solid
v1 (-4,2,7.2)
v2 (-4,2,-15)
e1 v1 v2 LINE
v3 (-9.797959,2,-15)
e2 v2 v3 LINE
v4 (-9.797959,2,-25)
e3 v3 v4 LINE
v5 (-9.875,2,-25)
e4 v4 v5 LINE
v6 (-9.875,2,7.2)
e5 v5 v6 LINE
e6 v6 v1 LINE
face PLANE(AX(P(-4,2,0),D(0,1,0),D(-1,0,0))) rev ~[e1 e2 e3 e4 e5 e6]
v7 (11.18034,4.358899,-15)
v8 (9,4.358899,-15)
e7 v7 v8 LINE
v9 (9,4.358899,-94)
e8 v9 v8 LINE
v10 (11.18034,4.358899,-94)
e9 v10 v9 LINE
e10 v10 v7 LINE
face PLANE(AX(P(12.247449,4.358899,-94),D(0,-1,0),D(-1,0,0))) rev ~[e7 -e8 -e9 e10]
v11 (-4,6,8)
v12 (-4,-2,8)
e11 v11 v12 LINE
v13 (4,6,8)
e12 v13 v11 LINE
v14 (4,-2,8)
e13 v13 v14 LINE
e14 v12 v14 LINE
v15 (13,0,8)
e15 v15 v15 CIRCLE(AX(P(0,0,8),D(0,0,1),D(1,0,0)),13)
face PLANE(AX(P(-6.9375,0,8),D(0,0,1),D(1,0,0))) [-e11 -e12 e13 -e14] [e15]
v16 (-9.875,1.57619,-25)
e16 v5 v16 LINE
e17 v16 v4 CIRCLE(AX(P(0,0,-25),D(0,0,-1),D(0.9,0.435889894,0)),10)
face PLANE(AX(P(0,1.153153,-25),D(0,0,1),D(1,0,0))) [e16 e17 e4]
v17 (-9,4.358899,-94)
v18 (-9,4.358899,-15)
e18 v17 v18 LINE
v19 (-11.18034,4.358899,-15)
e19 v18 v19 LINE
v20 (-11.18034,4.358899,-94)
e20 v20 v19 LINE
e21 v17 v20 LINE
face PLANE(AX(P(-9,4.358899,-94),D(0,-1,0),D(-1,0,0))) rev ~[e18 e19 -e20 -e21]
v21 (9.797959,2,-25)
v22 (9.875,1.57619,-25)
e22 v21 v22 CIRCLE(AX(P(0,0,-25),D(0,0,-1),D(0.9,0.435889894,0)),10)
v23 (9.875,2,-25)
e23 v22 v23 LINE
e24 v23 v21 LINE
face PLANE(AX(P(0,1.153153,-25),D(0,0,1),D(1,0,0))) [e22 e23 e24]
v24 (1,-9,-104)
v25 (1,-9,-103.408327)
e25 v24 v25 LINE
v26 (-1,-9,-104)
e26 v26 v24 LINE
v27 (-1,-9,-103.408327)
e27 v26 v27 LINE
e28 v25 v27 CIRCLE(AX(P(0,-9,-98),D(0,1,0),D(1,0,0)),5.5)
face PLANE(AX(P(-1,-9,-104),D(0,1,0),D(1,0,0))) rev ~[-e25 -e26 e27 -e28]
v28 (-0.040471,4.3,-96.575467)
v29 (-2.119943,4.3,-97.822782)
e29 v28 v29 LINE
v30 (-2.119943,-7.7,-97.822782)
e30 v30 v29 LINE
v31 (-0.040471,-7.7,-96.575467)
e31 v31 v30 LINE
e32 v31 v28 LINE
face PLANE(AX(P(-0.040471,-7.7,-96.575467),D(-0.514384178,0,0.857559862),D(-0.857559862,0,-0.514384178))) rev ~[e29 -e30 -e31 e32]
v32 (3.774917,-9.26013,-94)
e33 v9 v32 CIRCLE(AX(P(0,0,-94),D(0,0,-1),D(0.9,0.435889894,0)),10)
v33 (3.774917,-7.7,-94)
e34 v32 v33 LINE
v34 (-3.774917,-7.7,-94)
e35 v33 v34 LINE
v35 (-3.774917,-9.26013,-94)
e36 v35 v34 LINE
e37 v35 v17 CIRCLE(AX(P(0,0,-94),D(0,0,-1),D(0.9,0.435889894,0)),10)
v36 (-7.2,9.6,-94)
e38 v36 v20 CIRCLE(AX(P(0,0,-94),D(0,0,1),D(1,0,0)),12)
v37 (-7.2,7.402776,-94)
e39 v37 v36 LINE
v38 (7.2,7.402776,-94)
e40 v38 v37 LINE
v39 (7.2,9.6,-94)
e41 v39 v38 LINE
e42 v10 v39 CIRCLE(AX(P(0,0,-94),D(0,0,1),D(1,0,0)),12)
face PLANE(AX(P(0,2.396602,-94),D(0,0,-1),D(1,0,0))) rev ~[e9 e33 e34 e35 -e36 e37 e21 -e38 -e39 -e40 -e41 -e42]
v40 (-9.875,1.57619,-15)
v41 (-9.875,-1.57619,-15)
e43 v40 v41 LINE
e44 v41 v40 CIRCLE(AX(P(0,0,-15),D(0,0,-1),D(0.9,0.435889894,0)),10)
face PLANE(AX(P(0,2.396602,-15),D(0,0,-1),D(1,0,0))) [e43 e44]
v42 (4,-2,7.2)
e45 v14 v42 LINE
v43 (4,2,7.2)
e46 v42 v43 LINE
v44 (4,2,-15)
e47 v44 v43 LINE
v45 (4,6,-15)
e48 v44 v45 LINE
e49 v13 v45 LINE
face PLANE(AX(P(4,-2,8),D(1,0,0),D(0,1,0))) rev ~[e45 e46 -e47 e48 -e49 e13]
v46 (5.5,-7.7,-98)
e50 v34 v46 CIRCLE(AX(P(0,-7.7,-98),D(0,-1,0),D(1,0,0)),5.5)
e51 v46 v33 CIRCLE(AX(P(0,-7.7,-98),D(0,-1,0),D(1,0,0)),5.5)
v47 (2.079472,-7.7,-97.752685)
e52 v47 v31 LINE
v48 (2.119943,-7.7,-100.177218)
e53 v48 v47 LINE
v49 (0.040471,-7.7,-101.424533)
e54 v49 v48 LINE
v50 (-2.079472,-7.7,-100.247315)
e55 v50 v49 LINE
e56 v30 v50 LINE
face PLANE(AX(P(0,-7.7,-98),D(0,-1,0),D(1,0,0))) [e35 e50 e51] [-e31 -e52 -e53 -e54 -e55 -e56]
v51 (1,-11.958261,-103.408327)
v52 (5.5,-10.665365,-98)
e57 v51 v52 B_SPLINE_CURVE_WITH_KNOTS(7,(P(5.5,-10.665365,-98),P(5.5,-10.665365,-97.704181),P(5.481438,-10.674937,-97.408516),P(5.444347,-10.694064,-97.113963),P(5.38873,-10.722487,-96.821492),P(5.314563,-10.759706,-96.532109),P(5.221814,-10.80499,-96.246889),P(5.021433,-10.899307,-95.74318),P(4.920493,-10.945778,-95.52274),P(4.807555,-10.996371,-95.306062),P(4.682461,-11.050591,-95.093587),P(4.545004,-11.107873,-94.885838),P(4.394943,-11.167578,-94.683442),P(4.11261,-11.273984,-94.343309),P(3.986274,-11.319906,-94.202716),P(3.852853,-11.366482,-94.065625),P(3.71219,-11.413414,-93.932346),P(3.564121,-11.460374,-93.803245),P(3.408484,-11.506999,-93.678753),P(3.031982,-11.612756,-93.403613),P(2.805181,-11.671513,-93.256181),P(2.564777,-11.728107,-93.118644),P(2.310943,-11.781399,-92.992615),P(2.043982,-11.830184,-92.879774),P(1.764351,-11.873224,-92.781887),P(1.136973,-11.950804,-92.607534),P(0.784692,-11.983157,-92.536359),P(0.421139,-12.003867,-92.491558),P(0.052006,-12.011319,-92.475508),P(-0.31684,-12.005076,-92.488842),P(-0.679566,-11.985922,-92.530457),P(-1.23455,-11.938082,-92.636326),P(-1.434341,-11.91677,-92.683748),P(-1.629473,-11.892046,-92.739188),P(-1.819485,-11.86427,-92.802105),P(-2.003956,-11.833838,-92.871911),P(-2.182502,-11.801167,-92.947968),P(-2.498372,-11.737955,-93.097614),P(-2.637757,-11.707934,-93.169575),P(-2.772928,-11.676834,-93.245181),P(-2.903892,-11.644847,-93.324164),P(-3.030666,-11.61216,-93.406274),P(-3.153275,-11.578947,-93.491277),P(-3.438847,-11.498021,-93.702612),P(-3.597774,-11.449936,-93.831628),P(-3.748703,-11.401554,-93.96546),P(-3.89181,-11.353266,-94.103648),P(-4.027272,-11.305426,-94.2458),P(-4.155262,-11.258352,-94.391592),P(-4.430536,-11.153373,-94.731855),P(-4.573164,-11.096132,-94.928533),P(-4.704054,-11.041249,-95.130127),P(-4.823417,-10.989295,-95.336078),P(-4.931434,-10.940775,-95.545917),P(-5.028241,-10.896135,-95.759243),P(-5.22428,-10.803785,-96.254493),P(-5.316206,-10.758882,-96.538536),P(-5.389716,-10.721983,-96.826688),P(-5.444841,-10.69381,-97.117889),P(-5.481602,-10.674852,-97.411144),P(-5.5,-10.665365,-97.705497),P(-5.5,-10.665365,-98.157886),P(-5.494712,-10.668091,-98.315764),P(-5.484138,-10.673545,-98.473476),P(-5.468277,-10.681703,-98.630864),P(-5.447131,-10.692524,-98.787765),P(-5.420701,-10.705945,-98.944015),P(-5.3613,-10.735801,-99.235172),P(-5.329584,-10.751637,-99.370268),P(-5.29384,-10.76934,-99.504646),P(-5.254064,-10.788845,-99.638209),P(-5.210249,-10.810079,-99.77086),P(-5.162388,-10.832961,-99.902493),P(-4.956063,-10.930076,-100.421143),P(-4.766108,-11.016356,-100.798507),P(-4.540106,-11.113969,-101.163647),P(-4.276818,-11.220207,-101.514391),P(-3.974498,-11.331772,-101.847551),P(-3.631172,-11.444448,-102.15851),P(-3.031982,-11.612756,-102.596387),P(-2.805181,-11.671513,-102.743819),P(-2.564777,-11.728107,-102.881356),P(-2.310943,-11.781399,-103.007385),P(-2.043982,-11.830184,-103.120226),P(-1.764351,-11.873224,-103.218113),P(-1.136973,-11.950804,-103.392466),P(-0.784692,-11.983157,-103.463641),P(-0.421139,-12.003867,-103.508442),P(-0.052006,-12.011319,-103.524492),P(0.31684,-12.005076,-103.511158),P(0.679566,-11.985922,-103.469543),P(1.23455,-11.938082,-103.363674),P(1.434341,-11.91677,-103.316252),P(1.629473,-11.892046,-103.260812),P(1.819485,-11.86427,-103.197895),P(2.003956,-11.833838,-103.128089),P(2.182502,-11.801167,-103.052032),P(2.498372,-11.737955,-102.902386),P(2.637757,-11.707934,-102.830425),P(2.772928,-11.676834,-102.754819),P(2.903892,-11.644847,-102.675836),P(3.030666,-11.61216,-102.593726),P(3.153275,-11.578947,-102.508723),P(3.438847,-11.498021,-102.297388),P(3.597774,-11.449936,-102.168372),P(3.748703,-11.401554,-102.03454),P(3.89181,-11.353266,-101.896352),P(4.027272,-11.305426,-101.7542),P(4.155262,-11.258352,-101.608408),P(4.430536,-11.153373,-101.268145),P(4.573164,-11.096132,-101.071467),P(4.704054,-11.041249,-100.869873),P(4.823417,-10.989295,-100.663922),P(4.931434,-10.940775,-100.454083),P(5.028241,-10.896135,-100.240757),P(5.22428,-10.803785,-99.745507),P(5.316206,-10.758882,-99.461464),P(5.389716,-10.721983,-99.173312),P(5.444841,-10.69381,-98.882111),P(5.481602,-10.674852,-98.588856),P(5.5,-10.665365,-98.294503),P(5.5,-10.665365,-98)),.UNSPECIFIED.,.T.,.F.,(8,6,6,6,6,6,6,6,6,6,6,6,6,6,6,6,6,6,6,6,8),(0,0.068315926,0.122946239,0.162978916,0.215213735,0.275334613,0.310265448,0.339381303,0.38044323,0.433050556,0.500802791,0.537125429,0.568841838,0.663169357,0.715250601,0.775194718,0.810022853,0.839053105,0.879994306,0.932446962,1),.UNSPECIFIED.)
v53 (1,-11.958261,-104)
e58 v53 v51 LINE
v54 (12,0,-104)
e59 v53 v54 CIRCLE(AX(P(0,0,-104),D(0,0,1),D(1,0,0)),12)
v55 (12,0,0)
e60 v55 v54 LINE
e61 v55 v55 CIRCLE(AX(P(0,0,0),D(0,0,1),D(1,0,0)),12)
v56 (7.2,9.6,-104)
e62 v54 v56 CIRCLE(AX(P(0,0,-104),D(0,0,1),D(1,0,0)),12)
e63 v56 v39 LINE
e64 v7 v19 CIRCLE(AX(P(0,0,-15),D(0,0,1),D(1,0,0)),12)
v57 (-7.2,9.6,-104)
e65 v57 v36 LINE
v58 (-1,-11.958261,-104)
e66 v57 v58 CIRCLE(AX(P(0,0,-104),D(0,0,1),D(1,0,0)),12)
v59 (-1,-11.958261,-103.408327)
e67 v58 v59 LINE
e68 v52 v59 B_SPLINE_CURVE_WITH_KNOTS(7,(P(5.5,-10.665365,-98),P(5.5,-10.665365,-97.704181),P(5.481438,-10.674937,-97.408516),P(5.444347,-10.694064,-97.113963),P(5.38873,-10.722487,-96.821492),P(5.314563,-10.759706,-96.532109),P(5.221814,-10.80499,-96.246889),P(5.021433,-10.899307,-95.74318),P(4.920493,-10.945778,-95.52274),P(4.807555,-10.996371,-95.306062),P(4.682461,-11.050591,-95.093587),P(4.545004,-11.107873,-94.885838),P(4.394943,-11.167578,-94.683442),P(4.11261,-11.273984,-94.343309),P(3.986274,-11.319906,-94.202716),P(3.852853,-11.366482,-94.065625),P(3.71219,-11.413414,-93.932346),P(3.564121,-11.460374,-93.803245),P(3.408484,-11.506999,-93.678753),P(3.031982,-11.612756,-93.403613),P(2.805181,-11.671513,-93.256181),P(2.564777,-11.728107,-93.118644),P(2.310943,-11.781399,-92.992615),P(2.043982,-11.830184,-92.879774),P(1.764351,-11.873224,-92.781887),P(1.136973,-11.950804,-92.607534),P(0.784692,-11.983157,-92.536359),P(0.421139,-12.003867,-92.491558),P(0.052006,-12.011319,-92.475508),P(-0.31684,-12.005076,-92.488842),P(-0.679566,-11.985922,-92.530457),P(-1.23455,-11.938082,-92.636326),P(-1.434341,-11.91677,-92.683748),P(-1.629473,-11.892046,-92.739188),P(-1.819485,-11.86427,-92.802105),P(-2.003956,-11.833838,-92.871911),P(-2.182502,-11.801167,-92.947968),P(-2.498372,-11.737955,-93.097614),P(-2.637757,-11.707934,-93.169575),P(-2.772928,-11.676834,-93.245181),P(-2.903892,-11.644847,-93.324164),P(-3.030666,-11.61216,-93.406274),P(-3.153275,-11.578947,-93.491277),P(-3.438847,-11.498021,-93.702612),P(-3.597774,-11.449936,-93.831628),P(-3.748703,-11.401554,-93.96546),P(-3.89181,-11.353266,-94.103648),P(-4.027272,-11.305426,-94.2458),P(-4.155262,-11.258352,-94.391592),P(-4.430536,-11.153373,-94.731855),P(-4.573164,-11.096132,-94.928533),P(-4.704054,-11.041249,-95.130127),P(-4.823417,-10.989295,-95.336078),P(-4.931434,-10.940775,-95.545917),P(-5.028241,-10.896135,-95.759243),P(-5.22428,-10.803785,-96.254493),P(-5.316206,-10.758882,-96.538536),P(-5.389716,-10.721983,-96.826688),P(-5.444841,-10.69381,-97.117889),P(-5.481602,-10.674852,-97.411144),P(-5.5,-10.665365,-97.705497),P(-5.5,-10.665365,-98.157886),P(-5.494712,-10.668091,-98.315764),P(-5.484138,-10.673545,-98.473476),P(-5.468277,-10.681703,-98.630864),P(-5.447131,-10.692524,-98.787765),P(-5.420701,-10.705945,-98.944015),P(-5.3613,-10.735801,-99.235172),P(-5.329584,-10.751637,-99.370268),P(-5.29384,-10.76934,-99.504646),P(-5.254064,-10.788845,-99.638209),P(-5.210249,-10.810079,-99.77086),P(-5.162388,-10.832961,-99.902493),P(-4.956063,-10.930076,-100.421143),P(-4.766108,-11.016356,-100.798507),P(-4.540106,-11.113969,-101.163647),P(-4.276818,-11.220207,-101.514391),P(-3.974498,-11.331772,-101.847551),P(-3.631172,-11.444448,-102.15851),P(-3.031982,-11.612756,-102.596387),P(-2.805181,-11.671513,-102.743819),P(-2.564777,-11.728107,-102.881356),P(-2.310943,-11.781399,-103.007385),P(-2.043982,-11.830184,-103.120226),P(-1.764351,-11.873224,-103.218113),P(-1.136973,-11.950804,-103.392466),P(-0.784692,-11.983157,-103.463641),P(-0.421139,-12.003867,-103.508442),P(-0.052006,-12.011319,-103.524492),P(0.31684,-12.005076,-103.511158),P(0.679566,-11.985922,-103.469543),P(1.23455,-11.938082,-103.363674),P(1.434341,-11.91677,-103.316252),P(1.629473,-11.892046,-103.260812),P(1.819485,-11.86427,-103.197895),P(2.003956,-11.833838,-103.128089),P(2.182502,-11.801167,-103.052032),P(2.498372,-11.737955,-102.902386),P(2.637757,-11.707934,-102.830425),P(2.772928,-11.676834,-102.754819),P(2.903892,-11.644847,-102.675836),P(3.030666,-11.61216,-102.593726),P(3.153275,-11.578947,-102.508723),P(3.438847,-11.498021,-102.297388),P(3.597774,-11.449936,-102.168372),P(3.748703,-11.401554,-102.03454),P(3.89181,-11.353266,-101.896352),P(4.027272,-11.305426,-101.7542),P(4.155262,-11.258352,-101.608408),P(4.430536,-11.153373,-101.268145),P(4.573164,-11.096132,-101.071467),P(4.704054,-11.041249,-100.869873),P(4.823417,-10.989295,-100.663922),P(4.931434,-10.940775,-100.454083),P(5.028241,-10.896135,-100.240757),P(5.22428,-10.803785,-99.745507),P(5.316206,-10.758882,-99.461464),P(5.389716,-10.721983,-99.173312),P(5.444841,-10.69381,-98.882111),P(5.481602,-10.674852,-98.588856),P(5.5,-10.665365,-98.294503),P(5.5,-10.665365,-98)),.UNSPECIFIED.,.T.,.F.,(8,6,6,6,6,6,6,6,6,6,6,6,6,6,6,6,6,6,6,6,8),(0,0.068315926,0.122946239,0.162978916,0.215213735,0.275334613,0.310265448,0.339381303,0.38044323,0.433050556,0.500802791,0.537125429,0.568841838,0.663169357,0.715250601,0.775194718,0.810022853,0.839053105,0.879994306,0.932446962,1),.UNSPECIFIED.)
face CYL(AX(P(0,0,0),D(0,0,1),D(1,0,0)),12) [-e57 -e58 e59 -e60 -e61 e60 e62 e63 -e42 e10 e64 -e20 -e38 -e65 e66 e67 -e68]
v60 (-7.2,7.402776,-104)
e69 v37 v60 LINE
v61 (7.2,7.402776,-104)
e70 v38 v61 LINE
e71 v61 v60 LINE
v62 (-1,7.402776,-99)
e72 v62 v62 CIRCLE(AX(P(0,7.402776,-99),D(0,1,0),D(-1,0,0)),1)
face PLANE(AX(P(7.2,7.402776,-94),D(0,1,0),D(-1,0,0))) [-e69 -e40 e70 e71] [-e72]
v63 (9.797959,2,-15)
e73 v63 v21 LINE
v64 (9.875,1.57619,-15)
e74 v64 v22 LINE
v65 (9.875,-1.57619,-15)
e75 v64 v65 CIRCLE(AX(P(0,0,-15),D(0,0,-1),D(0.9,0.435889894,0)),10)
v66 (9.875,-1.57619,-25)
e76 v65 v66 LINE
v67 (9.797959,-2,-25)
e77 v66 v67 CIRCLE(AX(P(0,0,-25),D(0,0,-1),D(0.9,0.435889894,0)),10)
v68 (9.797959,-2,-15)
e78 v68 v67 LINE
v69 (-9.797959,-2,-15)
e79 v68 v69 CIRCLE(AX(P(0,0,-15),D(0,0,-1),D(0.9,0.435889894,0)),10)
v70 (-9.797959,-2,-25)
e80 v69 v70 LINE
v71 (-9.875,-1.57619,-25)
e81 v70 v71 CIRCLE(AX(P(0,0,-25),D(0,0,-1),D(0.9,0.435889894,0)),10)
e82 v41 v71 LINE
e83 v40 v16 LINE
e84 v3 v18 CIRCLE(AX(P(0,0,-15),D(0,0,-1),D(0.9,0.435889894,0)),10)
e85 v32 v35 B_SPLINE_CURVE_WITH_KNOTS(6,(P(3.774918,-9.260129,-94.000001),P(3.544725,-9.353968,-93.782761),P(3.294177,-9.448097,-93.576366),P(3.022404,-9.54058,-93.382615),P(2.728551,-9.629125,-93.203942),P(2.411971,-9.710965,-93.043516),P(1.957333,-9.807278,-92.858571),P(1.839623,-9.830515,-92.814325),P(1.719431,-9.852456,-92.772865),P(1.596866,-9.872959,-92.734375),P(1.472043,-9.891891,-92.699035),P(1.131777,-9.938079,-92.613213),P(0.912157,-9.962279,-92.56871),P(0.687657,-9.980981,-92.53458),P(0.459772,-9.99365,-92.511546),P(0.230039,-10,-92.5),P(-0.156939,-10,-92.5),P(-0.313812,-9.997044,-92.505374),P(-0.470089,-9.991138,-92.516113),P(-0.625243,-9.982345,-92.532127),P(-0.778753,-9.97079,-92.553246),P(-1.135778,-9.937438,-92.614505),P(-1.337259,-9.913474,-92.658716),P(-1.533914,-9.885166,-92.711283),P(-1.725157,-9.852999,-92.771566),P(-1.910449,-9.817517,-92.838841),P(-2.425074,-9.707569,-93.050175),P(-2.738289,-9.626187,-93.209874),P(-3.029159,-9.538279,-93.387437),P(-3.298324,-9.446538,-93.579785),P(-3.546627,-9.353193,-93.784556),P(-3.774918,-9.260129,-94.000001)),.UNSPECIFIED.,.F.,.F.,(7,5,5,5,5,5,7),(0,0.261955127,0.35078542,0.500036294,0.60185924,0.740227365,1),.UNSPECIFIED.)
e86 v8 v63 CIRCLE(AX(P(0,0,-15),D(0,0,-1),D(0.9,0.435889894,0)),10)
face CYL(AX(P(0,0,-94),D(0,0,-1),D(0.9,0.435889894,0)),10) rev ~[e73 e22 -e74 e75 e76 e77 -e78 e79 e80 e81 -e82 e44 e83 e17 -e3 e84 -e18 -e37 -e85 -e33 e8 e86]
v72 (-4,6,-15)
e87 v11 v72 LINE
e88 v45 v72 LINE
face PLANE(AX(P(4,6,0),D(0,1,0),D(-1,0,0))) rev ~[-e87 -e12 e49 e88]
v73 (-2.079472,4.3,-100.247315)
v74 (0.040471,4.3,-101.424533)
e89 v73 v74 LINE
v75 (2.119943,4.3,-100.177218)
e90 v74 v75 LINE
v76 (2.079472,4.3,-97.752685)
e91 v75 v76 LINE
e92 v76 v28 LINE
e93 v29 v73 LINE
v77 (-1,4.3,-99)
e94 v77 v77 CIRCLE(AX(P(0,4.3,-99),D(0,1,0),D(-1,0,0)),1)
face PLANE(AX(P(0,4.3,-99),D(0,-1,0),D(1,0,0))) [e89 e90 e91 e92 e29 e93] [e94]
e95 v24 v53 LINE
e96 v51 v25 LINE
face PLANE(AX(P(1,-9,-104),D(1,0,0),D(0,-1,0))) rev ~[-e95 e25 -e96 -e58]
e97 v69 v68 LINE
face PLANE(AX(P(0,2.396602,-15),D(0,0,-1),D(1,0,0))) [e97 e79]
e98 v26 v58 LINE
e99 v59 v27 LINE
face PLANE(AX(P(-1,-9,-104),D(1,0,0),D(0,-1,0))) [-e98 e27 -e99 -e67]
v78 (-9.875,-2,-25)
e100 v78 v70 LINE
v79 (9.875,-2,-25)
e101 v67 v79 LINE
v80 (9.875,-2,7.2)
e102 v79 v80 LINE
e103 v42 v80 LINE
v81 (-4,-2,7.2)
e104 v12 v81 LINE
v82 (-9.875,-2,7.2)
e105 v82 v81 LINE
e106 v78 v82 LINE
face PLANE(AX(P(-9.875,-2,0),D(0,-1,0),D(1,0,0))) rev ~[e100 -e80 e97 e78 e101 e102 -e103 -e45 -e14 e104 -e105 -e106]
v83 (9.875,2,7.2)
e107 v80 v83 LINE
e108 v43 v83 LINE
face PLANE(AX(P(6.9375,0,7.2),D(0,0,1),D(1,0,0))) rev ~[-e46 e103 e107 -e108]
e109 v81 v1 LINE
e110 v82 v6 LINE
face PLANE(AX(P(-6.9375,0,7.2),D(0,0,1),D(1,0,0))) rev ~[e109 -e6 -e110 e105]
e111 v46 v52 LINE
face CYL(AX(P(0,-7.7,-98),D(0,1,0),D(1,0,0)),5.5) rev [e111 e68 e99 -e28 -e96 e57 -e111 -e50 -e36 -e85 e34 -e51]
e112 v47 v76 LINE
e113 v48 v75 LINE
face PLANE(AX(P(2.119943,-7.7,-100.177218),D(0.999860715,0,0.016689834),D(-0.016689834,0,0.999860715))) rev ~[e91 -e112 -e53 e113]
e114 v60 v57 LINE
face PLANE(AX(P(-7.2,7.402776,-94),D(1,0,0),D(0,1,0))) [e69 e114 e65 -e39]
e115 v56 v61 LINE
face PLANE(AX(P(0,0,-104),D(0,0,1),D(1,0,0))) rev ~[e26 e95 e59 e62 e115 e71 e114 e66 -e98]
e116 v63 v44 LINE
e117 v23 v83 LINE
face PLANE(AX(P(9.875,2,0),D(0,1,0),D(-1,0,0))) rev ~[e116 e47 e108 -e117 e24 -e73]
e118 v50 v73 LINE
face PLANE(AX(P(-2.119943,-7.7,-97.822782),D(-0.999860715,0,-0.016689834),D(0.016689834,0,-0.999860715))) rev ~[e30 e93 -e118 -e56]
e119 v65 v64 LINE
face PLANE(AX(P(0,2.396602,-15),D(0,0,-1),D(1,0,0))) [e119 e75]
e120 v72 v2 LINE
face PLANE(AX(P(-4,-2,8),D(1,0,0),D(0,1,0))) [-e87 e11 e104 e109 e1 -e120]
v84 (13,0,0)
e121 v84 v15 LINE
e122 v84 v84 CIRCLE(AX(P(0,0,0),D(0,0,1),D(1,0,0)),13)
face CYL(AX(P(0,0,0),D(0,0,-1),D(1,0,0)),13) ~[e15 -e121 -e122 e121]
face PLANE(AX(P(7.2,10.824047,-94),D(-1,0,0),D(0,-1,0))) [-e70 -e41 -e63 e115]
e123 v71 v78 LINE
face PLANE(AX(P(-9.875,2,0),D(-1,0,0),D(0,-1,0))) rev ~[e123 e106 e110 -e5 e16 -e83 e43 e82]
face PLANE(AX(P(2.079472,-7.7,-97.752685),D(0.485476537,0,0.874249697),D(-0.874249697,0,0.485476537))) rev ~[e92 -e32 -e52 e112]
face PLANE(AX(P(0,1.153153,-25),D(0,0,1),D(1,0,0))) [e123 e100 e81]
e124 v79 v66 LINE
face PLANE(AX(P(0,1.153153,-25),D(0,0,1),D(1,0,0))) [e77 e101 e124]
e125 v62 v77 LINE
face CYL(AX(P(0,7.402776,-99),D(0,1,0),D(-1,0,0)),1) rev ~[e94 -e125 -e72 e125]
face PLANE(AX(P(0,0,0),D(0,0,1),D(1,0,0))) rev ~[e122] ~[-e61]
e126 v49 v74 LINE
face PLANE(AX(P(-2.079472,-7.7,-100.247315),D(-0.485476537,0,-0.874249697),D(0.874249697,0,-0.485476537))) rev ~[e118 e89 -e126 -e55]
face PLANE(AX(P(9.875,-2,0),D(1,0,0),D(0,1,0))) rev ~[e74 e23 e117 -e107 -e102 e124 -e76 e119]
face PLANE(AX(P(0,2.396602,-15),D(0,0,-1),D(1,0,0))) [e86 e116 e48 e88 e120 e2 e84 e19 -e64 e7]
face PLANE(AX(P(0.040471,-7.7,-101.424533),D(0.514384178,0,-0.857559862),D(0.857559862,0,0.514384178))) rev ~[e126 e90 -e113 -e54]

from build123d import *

# Parameters (mm, degrees)
F0_R      = 12
F1_DEPTH  = 104
F2_R      = 13
F3_DEPTH  = 8
F5_DEPTH  = 25
F8_DEPTH  = 79
F10_DEPTH = 10.001
F11_W     = 2
F11_H     = 5
F12_DEPTH = 6
F14_R     = 5.5
F15_DEPTH = 5.301
F16_W     = 5.875
F16_H     = 4
F17_DEPTH = 0.8
F18_R     = 1
F19_DEPTH = 20.4037756377
F21_DEPTH = 12


with BuildPart() as f1:
    # F0 (on Top) → F1 (new body)
    with BuildSketch(Plane.XY):
        Circle(F0_R)
    extrude(amount=-F1_DEPTH)

    # F2 (on face) → F3 (join)
    with BuildSketch(Plane.XY):
        Circle(F2_R)
    extrude(amount=F3_DEPTH)

    # F4 (on Top) → F5 (cut, symmetric)
    with BuildSketch(Plane.XY):
        Polygon((-4, 2), (-9.875, 2), (-9.875, -2), (9.875, -2), (9.875, 2), (4, 2), (4, 6), (-4, 6), align=None)
    extrude(amount=F5_DEPTH, both=True, mode=Mode.SUBTRACT)

    # F7 (on offset) → F8 (cut)
    with BuildSketch(Plane(origin=(0, 0, -94), x_dir=(1, 0, 0), z_dir=(0, 0, -1))):
        with BuildLine():
            Line((12.2474487139, -4.3588989435), (9, -4.3588989435))
            ThreePointArc((9, -4.3588989435), (0, 10), (-9, -4.3588989435))
            Line((-9, -4.3588989435), (-12.2474487139, -4.3588989435))
            ThreePointArc((-12.2474487139, -4.3588989435), (0, -13), (12.2474487139, -4.3588989435))
        make_face()
    extrude(amount=-F8_DEPTH, mode=Mode.SUBTRACT)

    # F9 (on offset) → F10 (cut, through all)
    with BuildSketch(Plane(origin=(0, 0, -94), x_dir=(1, 0, 0), z_dir=(0, 0, -1))):
        with BuildLine():
            Line((7.2, -7.4027756377), (-7.2, -7.4027756377))
            Line((-7.2, -7.4027756377), (-7.2, -10.8240473022))
            ThreePointArc((-7.2, -10.8240473022), (0, -13), (7.2, -10.8240473022))
            Line((7.2, -10.8240473022), (7.2, -7.4027756377))
        make_face()
    extrude(amount=F10_DEPTH, mode=Mode.SUBTRACT)

    # F11 (on face) → F12 (cut)
    with BuildSketch(Plane(origin=(0, 0, -104), x_dir=(1, 0, 0), z_dir=(0, 0, -1))):
        with Locations((0, 11.5)):
            Rectangle(F11_W, F11_H)
    extrude(amount=-F12_DEPTH, mode=Mode.SUBTRACT)

    # F14 (on offset) → F15 (cut, through all)
    with BuildSketch(Plane.XZ.offset(7.7)):
        with Locations((0, -98)):
            Circle(F14_R)
    extrude(amount=F15_DEPTH, mode=Mode.SUBTRACT)

    # F16 (on face) → F17 (join)
    with BuildSketch(Plane.XY.offset(8)):
        with Locations((-6.9375, 0)):
            Rectangle(F16_W, F16_H)
        with Locations((6.9375, 0)):
            Rectangle(F16_W, F16_H)
    extrude(amount=-F17_DEPTH)

    # F18 (on face) → F19 (cut, through all)
    with BuildSketch(Plane(origin=(0, 7.4027756377, 0), x_dir=(-1, 0, 0), z_dir=(0, 1, 0))):
        with Locations((0, -99)):
            Circle(F18_R)
    extrude(amount=-F19_DEPTH, mode=Mode.SUBTRACT)

    # F20 (on face) → F21 (cut)
    with BuildSketch(Plane.XZ.offset(7.7)):
        Polygon((0.0404706976, -101.4245333825), (2.1199428503, -100.177218039), (2.0794721527, -97.7526846565), (-0.0404706976, -96.5754666175), (-2.1199428503, -97.822781961), (-2.0794721527, -100.2473153435), align=None)
    extrude(amount=-F21_DEPTH, mode=Mode.SUBTRACT)


solid = f1.part
